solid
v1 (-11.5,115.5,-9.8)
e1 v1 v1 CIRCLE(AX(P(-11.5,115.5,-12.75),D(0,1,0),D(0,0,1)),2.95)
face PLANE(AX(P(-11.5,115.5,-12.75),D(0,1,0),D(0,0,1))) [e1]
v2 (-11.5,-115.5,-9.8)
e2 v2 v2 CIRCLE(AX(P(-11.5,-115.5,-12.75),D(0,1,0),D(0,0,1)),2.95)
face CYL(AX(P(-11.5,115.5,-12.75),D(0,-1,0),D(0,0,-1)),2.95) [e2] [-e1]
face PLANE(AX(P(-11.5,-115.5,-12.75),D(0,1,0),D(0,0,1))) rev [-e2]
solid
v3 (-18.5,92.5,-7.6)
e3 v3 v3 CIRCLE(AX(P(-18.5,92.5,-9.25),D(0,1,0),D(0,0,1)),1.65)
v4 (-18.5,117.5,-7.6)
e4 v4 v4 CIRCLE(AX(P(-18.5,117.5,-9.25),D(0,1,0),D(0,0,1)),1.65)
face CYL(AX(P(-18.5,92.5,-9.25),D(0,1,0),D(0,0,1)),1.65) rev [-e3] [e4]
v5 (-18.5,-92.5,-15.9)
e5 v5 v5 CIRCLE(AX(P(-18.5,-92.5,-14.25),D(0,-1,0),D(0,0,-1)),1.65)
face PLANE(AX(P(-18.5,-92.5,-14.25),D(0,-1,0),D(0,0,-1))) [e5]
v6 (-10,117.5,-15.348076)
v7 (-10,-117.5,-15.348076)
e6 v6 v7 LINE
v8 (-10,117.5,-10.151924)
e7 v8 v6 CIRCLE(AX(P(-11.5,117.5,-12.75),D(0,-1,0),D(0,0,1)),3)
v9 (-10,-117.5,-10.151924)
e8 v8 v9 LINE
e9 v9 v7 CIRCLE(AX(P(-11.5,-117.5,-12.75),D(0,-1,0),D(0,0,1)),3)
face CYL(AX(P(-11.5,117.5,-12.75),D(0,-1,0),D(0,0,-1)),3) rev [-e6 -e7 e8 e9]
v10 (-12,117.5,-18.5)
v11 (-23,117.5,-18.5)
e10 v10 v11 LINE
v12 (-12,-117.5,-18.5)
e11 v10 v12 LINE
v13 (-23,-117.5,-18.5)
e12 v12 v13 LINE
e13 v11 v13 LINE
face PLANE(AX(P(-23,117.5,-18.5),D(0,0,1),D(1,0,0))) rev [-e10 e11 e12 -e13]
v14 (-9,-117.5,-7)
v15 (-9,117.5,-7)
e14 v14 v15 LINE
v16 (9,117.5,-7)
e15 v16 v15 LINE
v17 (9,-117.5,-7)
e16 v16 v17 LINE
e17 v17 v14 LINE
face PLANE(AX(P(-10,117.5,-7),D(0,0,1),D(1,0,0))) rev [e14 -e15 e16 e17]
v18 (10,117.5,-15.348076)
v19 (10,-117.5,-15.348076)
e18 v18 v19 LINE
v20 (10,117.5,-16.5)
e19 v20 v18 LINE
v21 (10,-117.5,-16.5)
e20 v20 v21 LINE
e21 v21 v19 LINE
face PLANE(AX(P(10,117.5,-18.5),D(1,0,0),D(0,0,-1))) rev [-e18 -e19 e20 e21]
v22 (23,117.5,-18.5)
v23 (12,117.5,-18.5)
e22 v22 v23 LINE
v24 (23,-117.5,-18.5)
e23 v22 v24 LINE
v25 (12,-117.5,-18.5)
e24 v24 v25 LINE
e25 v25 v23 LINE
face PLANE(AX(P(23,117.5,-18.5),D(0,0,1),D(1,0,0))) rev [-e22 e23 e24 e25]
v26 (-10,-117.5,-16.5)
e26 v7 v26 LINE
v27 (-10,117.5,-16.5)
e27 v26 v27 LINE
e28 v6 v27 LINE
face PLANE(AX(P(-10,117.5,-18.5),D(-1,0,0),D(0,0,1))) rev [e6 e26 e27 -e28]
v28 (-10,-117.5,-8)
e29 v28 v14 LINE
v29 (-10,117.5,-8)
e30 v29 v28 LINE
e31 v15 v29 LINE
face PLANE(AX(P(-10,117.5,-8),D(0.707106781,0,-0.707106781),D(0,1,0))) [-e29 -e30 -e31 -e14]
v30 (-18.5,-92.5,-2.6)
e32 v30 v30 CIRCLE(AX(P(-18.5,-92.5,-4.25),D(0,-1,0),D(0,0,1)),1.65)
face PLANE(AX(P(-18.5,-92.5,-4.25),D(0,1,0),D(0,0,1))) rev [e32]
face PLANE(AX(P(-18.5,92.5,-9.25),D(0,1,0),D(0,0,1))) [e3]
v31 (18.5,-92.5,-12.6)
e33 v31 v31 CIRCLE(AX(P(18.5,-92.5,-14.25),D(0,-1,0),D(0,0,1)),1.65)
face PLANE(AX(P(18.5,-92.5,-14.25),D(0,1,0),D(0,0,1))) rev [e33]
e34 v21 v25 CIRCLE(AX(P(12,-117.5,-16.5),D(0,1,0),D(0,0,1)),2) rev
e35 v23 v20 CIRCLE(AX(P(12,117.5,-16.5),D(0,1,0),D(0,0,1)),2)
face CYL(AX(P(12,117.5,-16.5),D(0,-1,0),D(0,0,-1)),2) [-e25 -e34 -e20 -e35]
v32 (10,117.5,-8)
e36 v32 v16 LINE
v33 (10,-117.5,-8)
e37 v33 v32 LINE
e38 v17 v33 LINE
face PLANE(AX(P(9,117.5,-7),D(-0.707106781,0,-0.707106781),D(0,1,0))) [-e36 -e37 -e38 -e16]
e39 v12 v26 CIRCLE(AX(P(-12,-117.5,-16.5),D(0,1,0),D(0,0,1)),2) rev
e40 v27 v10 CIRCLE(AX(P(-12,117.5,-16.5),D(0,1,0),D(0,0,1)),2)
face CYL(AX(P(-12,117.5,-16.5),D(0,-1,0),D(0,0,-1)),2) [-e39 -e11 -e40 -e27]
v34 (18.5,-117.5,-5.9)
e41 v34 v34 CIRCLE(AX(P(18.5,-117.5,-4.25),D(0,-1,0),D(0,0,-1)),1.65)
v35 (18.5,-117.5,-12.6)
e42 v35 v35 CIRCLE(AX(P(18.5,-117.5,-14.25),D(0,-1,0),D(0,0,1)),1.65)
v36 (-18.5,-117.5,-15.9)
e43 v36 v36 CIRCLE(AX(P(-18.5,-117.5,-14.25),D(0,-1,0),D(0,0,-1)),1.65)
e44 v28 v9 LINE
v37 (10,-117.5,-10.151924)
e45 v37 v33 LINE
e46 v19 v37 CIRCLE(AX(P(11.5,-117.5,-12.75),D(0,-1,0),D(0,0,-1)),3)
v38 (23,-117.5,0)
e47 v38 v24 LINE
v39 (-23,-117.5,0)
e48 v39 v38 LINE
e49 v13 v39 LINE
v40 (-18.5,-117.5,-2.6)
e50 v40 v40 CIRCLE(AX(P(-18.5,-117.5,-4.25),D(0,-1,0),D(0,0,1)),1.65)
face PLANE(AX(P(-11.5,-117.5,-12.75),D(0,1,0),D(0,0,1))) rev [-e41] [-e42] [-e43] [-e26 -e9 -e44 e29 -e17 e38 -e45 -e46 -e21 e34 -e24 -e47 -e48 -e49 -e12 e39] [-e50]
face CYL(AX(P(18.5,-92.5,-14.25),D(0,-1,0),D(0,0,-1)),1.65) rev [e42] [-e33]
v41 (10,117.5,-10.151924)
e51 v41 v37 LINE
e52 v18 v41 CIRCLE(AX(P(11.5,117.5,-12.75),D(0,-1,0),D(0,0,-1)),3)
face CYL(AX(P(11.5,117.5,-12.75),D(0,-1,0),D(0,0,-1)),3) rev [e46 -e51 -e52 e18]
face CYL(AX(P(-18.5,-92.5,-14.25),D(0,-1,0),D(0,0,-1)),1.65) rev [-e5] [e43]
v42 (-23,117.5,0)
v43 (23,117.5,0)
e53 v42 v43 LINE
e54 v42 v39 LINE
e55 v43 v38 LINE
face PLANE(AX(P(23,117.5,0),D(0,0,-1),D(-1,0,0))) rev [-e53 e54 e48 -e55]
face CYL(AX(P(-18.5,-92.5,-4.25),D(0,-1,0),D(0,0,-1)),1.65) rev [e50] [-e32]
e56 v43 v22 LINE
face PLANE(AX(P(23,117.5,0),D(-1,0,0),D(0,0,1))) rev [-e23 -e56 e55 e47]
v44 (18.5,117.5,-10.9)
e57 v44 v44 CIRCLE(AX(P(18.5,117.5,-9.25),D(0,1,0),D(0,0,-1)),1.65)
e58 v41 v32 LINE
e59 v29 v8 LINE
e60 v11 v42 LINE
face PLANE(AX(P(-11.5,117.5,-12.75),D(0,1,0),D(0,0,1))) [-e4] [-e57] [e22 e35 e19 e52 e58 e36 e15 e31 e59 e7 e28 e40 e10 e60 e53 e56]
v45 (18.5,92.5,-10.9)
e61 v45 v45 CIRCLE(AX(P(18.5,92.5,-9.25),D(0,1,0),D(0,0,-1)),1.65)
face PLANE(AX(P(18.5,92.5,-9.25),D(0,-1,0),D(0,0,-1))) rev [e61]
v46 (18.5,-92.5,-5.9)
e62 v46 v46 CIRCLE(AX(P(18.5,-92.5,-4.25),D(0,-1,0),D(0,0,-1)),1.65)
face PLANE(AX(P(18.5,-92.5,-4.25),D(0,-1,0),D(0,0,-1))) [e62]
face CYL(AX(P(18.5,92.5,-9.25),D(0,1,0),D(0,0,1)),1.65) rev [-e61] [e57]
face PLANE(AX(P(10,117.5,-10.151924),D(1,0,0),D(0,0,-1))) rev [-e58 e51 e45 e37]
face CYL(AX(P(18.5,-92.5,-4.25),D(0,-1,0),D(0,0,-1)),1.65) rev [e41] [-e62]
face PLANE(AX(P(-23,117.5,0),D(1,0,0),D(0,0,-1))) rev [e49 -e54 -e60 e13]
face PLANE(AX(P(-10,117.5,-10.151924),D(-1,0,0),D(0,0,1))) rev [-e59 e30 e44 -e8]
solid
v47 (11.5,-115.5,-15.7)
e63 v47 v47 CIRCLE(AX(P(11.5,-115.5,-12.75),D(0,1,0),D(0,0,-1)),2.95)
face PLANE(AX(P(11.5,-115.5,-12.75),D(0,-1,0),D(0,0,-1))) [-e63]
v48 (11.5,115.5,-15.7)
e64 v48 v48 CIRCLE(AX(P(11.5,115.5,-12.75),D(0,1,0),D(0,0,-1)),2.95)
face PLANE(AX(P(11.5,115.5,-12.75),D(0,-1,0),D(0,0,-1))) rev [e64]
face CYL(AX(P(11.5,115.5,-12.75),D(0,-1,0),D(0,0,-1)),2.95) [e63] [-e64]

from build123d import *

# Parameters (mm, degrees)
BOSS_EXTRUDE1_DEPTH   = 117.5
SKETCH2_R             = 2.95
BOSS_EXTRUDE2_DEPTH   = 115.5
BOSS_EXTRUDE2_2_DEPTH = 115.5
CHAMFER1_SIZE         = 1
FILLET1_R             = 2
SKETCH3_R             = 1.65
CUT_EXTRUDE1_DEPTH    = 25
SKETCH4_R             = 1.65
CUT_EXTRUDE2_DEPTH    = 25


with BuildPart() as part:
    # Sketch1 → Boss-Extrude1 (new body, symmetric)
    with BuildSketch(Plane(origin=(0, 0, 0), x_dir=(1, 0, 0), z_dir=(0, 1, 0))):
        with BuildLine():
            Line((23, 0), (-23, 0))
            Line((-23, 0), (-23, 18.5))
            Line((-23, 18.5), (-10, 18.5))
            Line((-10, 18.5), (-10, 15.348076211))
            ThreePointArc((-10, 15.348076211), (-14.5, 12.75), (-10, 10.151923789))
            Line((-10, 10.151923789), (-10, 7))
            Line((-10, 7), (10, 7))
            Line((10, 7), (10, 10.151923789))
            ThreePointArc((10, 10.151923789), (14.5, 12.75), (10, 15.348076211))
            Line((10, 15.348076211), (10, 18.5))
            Line((10, 18.5), (23, 18.5))
            Line((23, 18.5), (23, 0))
        make_face()
    extrude(amount=BOSS_EXTRUDE1_DEPTH, both=True)

    # Chamfer1
    chamfer1_edges = [part.edges().sort_by_distance(p)[0] for p in [
        (-10, 0, -7),
        (10, 0, -7),
    ]]
    chamfer(chamfer1_edges, length=CHAMFER1_SIZE)

    # Fillet1
    fillet1_edges = [part.edges().sort_by_distance(p)[0] for p in [
        (-10, 0, -18.5),
        (10, 0, -18.5),
    ]]
    fillet(fillet1_edges, radius=FILLET1_R)

    # Sketch3 → Cut-Extrude1 (cut)
    with BuildSketch(Plane(origin=(0, 117.5, 0), x_dir=(1, 0, 0), z_dir=(0, 1, 0))):
        with Locations((-18.5, 9.25)):
            Circle(SKETCH3_R)
        with Locations((18.5, 9.25)):
            Circle(SKETCH3_R)
    extrude(amount=-CUT_EXTRUDE1_DEPTH, mode=Mode.SUBTRACT)

    # Sketch4 → Cut-Extrude2 (cut)
    with BuildSketch(Plane.XZ.offset(117.5)):
        with Locations((-18.5, -14.25)):
            Circle(SKETCH4_R)
        with Locations((-18.5, -4.25)):
            Circle(SKETCH4_R)
        with Locations((18.5, -14.25)):
            Circle(SKETCH4_R)
        with Locations((18.5, -4.25)):
            Circle(SKETCH4_R)
    extrude(amount=-CUT_EXTRUDE2_DEPTH, mode=Mode.SUBTRACT)


with BuildPart() as body_2:
    # Sketch2 → Boss-Extrude2 (new body, symmetric)
    with BuildSketch(Plane(origin=(0, 0, 0), x_dir=(1, 0, 0), z_dir=(0, 1, 0))):
        with Locations((-11.5, 12.75)):
            Circle(SKETCH2_R)
    extrude(amount=BOSS_EXTRUDE2_DEPTH, both=True)


with BuildPart() as body_3:
    # Sketch2 → Boss-Extrude2 2 (new body, symmetric)
    with BuildSketch(Plane(origin=(0, 0, 0), x_dir=(1, 0, 0), z_dir=(0, 1, 0))):
        with Locations((11.5, 12.75)):
            Circle(SKETCH2_R)
    extrude(amount=BOSS_EXTRUDE2_2_DEPTH, both=True)


solid = Compound([part.part, body_2.part, body_3.part])
